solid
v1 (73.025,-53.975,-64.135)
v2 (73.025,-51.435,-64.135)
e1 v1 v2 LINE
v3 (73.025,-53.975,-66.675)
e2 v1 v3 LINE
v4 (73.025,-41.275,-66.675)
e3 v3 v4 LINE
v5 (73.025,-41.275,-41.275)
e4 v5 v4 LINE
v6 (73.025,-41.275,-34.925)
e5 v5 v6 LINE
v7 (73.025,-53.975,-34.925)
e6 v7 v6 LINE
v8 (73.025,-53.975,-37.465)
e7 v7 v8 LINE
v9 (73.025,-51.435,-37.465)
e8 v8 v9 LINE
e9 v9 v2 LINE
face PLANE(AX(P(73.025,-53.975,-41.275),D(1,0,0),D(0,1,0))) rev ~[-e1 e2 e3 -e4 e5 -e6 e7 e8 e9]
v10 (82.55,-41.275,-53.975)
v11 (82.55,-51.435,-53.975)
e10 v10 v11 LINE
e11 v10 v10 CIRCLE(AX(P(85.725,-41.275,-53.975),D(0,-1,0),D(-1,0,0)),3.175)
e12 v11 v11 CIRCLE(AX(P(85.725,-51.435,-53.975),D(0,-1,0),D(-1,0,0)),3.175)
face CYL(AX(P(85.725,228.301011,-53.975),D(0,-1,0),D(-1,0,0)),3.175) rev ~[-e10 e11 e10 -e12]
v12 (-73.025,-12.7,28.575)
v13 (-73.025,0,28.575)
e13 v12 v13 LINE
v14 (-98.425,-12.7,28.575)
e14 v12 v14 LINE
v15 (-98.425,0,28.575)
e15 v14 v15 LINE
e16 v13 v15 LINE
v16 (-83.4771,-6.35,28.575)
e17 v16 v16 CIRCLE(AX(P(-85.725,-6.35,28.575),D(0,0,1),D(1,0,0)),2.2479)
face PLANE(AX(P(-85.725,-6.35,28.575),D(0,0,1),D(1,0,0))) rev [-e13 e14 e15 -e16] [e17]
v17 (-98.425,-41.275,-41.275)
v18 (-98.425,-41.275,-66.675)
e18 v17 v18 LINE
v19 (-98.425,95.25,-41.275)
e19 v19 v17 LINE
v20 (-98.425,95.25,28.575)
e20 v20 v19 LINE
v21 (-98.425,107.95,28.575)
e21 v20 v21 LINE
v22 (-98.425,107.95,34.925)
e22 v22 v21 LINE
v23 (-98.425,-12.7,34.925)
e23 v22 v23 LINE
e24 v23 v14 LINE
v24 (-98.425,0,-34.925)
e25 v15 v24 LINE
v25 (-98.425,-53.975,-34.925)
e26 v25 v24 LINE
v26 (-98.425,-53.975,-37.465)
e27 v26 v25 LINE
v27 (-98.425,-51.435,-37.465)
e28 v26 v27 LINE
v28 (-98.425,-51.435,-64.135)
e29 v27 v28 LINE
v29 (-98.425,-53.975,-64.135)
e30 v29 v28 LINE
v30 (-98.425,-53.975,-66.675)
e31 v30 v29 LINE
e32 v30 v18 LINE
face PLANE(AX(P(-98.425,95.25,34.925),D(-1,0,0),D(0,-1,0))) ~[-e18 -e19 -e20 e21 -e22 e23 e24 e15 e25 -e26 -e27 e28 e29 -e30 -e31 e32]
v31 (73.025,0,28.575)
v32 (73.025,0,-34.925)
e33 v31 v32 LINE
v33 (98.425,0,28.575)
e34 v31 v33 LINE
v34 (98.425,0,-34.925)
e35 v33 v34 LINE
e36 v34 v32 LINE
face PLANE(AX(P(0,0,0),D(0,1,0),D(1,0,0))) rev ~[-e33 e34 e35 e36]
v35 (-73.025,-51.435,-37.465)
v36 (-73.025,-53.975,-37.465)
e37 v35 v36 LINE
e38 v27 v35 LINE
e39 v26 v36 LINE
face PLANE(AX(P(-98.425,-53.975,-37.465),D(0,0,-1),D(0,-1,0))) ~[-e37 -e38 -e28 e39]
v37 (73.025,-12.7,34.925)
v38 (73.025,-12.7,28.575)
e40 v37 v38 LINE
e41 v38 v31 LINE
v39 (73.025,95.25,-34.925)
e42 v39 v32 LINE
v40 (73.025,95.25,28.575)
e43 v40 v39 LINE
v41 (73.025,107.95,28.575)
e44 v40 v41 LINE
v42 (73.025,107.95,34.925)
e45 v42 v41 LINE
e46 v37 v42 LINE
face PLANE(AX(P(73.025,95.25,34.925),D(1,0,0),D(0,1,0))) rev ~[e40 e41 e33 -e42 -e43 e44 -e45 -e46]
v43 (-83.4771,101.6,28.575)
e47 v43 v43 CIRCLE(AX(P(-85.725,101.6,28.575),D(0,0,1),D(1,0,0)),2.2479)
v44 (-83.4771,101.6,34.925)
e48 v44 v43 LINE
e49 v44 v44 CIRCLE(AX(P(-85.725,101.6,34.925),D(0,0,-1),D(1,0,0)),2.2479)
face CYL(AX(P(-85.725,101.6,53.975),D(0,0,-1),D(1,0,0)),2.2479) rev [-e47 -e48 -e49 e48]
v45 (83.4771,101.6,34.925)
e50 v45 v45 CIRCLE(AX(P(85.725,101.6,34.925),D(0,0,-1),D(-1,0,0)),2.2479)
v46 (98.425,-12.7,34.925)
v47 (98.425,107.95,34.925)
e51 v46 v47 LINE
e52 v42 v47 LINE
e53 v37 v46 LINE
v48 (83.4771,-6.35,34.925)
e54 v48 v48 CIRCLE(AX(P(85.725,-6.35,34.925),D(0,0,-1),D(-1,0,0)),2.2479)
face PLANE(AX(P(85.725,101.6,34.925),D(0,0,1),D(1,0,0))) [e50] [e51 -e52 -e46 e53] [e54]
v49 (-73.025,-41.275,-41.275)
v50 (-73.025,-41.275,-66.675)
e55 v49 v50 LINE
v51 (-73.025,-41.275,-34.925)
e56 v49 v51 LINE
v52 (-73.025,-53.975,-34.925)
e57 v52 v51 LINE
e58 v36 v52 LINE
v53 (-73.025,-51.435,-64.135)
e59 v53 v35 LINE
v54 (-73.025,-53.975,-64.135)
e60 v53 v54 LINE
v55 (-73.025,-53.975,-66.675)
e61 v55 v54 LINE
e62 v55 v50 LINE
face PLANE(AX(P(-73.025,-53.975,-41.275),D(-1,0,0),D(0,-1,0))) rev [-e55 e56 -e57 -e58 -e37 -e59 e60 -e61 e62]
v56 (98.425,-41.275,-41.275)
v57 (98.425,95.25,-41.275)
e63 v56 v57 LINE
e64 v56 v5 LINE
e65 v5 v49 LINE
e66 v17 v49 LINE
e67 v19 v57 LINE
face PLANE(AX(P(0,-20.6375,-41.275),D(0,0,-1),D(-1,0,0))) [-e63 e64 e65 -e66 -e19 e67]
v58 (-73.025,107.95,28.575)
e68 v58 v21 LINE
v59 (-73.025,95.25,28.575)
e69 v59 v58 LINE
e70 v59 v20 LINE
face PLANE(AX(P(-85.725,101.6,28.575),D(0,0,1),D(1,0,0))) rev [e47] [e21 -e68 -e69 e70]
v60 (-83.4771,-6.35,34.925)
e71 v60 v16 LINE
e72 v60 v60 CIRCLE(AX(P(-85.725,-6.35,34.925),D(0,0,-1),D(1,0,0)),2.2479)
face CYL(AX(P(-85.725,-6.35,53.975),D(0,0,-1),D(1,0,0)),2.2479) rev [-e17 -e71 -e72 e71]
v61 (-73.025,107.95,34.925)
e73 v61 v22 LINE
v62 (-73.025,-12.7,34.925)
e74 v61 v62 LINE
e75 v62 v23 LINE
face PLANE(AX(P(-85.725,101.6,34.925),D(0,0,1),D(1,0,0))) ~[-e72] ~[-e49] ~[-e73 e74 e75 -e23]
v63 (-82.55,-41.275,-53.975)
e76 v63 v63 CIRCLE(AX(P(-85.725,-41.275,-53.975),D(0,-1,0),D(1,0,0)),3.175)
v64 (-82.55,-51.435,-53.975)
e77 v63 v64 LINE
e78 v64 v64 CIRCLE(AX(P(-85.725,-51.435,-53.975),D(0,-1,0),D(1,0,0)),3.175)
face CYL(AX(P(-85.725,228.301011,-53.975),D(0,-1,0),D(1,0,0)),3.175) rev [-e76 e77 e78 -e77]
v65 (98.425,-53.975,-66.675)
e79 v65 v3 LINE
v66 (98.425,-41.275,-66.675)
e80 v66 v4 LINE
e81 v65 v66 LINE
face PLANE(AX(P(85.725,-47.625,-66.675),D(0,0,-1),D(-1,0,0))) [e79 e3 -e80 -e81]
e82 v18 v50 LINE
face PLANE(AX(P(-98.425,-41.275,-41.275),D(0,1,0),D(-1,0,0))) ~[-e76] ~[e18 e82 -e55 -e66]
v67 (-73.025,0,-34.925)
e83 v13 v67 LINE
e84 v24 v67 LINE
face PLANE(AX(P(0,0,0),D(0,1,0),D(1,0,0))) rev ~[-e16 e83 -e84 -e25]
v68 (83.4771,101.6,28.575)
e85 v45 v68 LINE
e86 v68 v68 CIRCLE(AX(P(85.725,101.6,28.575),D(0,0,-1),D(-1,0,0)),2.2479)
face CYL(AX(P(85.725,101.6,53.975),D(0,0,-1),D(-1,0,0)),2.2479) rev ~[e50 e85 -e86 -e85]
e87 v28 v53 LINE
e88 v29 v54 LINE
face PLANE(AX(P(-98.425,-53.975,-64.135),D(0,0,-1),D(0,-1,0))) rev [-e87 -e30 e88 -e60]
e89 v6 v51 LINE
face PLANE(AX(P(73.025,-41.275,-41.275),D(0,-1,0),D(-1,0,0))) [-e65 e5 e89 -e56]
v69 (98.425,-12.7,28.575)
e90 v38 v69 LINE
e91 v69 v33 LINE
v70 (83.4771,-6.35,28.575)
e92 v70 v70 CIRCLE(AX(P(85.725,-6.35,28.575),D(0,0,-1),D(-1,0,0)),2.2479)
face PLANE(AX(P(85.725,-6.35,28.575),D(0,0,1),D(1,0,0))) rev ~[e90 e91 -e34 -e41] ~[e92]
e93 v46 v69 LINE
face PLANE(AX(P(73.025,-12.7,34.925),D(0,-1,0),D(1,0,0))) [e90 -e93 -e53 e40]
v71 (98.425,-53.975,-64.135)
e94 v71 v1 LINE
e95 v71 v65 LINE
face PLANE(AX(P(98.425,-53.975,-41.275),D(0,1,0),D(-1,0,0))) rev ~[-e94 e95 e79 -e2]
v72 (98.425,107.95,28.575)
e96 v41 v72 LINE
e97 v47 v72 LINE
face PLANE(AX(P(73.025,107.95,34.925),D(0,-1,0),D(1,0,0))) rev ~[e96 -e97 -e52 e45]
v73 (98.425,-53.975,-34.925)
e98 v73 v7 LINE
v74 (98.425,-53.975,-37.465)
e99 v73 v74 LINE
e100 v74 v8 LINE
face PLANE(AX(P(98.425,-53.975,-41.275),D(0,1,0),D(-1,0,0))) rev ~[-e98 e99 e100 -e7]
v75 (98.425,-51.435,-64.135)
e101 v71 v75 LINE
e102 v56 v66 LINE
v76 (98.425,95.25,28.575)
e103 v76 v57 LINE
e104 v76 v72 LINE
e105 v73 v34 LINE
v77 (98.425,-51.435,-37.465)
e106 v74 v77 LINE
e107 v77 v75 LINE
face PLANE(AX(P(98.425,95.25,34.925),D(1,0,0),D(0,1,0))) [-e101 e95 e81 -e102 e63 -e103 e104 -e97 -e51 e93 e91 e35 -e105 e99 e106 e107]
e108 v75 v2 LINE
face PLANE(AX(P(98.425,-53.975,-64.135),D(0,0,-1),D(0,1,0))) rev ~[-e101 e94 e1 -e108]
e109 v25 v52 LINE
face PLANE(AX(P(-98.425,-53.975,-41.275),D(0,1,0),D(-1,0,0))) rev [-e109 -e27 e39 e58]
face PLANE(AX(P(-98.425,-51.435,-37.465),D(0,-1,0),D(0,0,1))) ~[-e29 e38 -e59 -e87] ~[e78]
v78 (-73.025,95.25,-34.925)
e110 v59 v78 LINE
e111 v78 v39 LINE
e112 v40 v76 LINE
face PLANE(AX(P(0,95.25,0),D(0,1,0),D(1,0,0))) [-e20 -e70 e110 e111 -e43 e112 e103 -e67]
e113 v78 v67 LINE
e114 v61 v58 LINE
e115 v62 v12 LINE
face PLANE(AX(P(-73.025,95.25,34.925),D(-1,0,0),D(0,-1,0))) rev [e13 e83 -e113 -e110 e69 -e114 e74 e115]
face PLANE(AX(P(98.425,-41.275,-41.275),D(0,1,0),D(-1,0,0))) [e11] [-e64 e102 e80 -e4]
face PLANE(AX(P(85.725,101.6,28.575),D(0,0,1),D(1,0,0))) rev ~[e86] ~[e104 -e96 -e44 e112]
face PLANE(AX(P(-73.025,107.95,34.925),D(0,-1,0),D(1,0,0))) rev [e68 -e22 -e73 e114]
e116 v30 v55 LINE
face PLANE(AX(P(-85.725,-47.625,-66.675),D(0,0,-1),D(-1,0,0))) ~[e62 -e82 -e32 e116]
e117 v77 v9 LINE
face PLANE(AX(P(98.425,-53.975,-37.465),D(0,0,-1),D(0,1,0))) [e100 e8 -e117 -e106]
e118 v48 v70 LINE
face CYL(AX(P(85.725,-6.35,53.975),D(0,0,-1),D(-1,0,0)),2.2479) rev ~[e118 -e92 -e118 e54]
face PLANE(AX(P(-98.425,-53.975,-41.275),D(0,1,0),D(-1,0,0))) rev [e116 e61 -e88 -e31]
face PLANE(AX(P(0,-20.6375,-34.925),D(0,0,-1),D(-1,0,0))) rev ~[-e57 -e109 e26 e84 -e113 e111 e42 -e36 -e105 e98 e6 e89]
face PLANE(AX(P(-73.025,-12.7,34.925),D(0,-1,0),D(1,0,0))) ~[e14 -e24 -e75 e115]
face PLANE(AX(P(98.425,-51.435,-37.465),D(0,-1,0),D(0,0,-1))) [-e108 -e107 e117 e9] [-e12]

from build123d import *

# Parameters (mm, degrees)
SKETCH1_W                   = 196.85
SKETCH1_H                   = 82.55
BOSS_EXTRUDE1_DEPTH         = 95.25
SKETCH3_W                   = 146.05
SKETCH3_H                   = 76.2
CUT_EXTRUDE1_DEPTH          = 144.051280141
SKETCH4_W                   = 25.4
SKETCH4_H                   = 53.975
BOSS_EXTRUDE2_DEPTH         = 6.35
SKETCH5_W                   = 25.4
SKETCH5_H                   = 12.7
BOSS_EXTRUDE3_DEPTH         = 25.4
SKETCH6_W                   = 26.67
SKETCH6_H                   = 2.54
CUT_EXTRUDE2_DEPTH          = 229.622047548
F_1_4_0_25_DIAMETER_HOLE1_D = 6.35
SKETCH16_W                  = 196.85
SKETCH16_H                  = 6.35
CUT_EXTRUDE3_DEPTH          = 191.790819682
BOSS_EXTRUDE4_START         = -6.35
SKETCH11_W                  = 25.4
SKETCH11_H                  = 12.7
BOSS_EXTRUDE4_DEPTH         = 6.35
F_8_CLEARANCE_HOLE1_D       = 4.4958
F_8_CLEARANCE_HOLE1_DEPTH   = 12.7
SKETCH14_W                  = 146.05
SKETCH14_H                  = 41.275
BOSS_EXTRUDE5_DEPTH         = 6.35


with BuildPart() as part:
    # Sketch1 → Boss-Extrude1 (new body)
    with BuildSketch(Plane(origin=(0, 0, 0), x_dir=(1, 0, 0), z_dir=(0, 1, 0))):
        Rectangle(SKETCH1_W, SKETCH1_H)
    extrude(amount=BOSS_EXTRUDE1_DEPTH)

    # Sketch3 → Cut-Extrude1 (cut, through all)
    with BuildSketch(Plane(origin=(0, 95.25, 0), x_dir=(1, 0, 0), z_dir=(0, 1, 0))):
        with Locations((0, -3.175)):
            Rectangle(SKETCH3_W, SKETCH3_H)
    extrude(amount=-CUT_EXTRUDE1_DEPTH, mode=Mode.SUBTRACT)

    # Sketch4 → Boss-Extrude2 (add)
    with BuildSketch(Plane(origin=(0, 0, -41.275), x_dir=(-1, 0, 0), z_dir=(0, 0, -1))):
        with Locations((-85.725, -26.9875)):
            Rectangle(SKETCH4_W, SKETCH4_H)
    boss_extrude2 = extrude(amount=-BOSS_EXTRUDE2_DEPTH)

    # Sketch5 → Boss-Extrude3 (add)
    with BuildSketch(Plane(origin=(0, 0, -41.275), x_dir=(-1, 0, 0), z_dir=(0, 0, -1))):
        with Locations((-85.725, -47.625)):
            Rectangle(SKETCH5_W, SKETCH5_H)
    boss_extrude3 = extrude(amount=BOSS_EXTRUDE3_DEPTH)

    # Sketch6 → Cut-Extrude2 (cut, through all)
    with BuildSketch(Plane(origin=(98.425, 0, 0), x_dir=(0, 0, -1), z_dir=(1, 0, 0))):
        with Locations((50.8, -52.705)):
            Rectangle(SKETCH6_W, SKETCH6_H)
    cut_extrude2 = extrude(amount=-CUT_EXTRUDE2_DEPTH, mode=Mode.SUBTRACT)

    # 1/4 (0.25) Diameter Hole1 (through all)
    with Locations(Plane(origin=(0, -41.275, 0), x_dir=(1, 0, 0), z_dir=(0, 1, 0))):
        with Locations((85.725, 53.975)):
            f_1_4_0_25_diameter_hole1 = Hole(F_1_4_0_25_DIAMETER_HOLE1_D / 2)

    # Sketch16 → Cut-Extrude3 (cut, through all)
    with BuildSketch(Plane(origin=(0, 95.25, 0), x_dir=(1, 0, 0), z_dir=(0, 1, 0))):
        with Locations((0, -38.1)):
            Rectangle(SKETCH16_W, SKETCH16_H)
    extrude(amount=-CUT_EXTRUDE3_DEPTH, mode=Mode.SUBTRACT)

    # Sketch11 → Boss-Extrude4 (add)
    with BuildSketch(Plane.XY.offset(41.275).offset(BOSS_EXTRUDE4_START)):
        with Locations((85.725, 101.6)):
            Rectangle(SKETCH11_W, SKETCH11_H)
        with Locations((85.725, -6.35)):
            Rectangle(SKETCH11_W, SKETCH11_H)
    boss_extrude4 = extrude(amount=-BOSS_EXTRUDE4_DEPTH)

    # #8 Clearance Hole1
    with Locations(Plane.XY.offset(41.275)):
        with Locations((85.725, 101.6), (85.725, -6.35)):
            f_8_clearance_hole1 = Hole(F_8_CLEARANCE_HOLE1_D / 2, depth=F_8_CLEARANCE_HOLE1_DEPTH)

    # Mirror1: Boss-Extrude2, Boss-Extrude3, Cut-Extrude2, 1/4 (0.25) Diameter Hole1, Boss-Extrude4, #8 Clearance Hole1 across plane
    add(boss_extrude2.mirror(Plane(origin=(0, 0, 0), x_dir=(0, 0, 1), z_dir=(1, 0, 0))))
    add(boss_extrude3.mirror(Plane(origin=(0, 0, 0), x_dir=(0, 0, 1), z_dir=(1, 0, 0))))
    add(cut_extrude2.mirror(Plane(origin=(0, 0, 0), x_dir=(0, 0, 1), z_dir=(1, 0, 0))), mode=Mode.SUBTRACT)
    add(f_1_4_0_25_diameter_hole1.mirror(Plane(origin=(0, 0, 0), x_dir=(0, 0, 1), z_dir=(1, 0, 0))), mode=Mode.SUBTRACT)
    add(boss_extrude4.mirror(Plane(origin=(0, 0, 0), x_dir=(0, 0, 1), z_dir=(1, 0, 0))))
    add(f_8_clearance_hole1.mirror(Plane(origin=(0, 0, 0), x_dir=(0, 0, 1), z_dir=(1, 0, 0))), mode=Mode.SUBTRACT)

    # Sketch14 → Boss-Extrude5 (add)
    with BuildSketch(Plane(origin=(0, 0, -41.275), x_dir=(-1, 0, 0), z_dir=(0, 0, -1))):
        with Locations((0, -20.6375)):
            Rectangle(SKETCH14_W, SKETCH14_H)
    extrude(amount=-BOSS_EXTRUDE5_DEPTH)


solid = part.part
